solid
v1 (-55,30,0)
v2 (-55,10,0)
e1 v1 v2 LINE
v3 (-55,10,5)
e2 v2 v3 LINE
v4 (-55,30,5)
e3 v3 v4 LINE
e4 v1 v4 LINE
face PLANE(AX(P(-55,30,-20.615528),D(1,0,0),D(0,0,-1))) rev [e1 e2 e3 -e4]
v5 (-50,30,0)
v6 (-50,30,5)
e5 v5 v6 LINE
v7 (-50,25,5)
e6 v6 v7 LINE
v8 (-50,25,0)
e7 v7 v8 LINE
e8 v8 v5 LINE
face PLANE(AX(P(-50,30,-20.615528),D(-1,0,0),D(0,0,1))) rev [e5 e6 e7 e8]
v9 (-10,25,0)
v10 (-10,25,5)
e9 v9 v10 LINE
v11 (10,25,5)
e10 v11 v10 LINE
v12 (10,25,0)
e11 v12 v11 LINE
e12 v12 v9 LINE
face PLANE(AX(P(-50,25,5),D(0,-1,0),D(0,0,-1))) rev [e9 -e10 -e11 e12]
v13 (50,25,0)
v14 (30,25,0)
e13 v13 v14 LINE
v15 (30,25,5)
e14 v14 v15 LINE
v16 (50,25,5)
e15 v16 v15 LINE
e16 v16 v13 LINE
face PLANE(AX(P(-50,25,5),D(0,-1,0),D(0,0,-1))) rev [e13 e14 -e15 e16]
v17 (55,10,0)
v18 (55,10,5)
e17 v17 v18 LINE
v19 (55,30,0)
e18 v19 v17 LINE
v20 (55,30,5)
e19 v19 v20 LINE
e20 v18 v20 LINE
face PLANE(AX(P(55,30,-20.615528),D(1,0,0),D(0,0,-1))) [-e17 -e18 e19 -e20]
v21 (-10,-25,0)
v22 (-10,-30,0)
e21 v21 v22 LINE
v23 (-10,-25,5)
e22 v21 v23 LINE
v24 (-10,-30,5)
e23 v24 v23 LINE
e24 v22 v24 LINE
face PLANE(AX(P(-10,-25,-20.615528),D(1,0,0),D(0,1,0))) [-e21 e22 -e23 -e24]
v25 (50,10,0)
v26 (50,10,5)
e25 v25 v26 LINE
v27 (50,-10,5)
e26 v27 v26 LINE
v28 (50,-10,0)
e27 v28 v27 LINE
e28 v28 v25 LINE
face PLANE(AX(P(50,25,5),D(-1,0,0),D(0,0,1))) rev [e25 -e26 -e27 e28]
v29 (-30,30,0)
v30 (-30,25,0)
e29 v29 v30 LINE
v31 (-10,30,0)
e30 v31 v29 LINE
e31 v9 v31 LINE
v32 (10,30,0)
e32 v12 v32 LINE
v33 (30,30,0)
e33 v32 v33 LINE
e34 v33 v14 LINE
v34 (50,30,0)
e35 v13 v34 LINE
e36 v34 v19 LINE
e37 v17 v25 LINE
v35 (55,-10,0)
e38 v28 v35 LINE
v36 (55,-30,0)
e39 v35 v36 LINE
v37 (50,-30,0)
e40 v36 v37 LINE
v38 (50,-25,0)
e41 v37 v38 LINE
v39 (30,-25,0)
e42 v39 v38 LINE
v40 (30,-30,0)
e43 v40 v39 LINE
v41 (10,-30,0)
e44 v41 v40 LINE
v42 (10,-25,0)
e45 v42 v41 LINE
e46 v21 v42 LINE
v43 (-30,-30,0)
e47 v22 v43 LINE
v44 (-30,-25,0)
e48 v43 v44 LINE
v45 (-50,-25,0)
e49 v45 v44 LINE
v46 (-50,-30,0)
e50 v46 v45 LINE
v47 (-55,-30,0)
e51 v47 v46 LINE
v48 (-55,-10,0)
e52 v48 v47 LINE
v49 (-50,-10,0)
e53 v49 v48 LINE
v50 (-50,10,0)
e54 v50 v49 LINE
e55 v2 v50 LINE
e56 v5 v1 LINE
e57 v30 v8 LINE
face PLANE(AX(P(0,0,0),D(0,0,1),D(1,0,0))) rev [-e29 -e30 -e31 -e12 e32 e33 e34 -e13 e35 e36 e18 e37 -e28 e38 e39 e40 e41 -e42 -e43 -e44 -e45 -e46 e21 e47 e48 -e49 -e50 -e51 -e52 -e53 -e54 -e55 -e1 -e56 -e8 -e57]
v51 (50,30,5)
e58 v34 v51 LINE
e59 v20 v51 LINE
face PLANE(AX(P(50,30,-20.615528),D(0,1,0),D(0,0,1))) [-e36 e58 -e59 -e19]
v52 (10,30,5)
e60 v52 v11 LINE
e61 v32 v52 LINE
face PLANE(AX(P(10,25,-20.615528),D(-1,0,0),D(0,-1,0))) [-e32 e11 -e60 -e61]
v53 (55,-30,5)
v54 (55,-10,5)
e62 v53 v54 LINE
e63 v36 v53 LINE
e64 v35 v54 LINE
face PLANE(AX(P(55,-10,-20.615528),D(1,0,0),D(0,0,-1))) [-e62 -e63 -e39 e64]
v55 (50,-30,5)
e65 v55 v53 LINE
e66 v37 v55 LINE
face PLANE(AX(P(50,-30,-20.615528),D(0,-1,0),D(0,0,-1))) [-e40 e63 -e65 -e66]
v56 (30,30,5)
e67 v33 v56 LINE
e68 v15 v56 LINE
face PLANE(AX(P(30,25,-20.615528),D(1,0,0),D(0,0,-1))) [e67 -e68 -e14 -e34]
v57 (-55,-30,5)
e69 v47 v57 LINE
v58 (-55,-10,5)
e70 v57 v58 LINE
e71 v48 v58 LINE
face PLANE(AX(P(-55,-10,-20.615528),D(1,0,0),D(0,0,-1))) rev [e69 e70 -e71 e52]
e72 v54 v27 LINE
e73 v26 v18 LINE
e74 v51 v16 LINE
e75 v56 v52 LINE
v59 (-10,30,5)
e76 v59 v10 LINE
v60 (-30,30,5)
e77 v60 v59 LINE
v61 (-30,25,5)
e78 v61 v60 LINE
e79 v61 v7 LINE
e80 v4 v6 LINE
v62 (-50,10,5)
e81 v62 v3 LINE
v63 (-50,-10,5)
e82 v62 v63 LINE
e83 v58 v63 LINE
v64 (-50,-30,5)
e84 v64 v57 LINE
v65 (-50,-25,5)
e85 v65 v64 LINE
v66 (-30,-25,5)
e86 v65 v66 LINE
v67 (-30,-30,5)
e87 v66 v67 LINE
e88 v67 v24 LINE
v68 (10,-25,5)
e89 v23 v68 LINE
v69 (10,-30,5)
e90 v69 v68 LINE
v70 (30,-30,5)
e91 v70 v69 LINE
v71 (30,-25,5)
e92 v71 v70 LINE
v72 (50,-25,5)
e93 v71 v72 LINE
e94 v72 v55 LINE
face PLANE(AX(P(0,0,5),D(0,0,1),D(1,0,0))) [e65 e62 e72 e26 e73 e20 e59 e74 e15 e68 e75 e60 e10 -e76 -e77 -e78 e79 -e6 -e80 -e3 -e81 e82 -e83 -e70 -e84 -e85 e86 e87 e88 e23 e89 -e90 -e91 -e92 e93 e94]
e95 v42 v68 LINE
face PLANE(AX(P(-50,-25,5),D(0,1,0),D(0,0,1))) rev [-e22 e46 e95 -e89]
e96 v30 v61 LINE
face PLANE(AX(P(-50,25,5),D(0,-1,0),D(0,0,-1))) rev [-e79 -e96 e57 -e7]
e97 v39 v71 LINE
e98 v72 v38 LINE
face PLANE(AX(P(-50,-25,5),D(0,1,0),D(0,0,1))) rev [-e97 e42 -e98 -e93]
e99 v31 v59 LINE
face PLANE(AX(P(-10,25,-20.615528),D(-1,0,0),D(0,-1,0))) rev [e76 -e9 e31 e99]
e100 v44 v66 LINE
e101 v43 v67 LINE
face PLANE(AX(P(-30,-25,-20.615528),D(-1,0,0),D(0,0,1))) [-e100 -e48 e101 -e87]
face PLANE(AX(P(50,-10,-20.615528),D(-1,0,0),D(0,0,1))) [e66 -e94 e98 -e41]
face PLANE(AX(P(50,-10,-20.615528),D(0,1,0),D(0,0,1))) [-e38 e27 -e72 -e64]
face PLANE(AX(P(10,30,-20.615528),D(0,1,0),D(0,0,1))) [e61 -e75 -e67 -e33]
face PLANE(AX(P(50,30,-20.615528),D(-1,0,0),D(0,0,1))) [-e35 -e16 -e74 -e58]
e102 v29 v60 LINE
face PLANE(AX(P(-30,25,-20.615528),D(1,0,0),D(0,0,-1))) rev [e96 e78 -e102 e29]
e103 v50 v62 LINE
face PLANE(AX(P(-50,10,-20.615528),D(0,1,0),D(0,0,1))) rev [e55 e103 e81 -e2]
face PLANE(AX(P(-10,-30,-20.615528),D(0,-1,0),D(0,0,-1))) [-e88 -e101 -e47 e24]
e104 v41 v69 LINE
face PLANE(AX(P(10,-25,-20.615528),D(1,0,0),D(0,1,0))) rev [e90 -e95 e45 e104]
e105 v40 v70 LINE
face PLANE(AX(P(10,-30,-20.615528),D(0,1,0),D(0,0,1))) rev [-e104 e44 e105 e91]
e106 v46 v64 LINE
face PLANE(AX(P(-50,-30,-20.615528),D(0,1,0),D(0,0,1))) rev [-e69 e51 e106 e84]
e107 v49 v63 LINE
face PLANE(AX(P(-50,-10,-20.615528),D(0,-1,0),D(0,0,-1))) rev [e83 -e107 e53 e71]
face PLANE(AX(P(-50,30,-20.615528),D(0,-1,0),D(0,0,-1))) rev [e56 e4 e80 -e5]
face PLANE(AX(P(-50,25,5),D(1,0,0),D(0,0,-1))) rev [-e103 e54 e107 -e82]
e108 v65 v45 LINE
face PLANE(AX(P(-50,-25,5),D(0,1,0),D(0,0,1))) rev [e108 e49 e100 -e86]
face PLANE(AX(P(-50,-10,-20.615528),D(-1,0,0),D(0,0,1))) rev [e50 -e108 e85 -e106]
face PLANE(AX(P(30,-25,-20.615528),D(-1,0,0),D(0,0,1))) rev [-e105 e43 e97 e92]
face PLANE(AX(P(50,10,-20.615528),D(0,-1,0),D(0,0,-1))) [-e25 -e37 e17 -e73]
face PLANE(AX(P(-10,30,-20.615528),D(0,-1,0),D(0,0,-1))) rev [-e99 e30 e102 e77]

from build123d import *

# Parameters (mm, degrees)
SKETCH_1_W                       = 100
SKETCH_1_H                       = 50
EXTRUDE_1_DEPTH                  = 5
SKETCH_2_W                       = 5
SKETCH_2_H                       = 20
EXTRUDE_2_DEPTH                  = 5
SKETCH_3_W                       = 20
SKETCH_3_H                       = 5
EXTRUDE_3_DEPTH                  = 5
MIRROR_3_COPY_1_SKETCH_W         = 20
MIRROR_3_COPY_1_SKETCH_H         = 5
MIRROR_3_COPY_1_DEPTH            = 5
PATTERN_LINEAR_2_COUNT           = 2
PATTERN_LINEAR_2_PITCH           = 40
PATTERN_LINEAR_2_COPY_1_SKETCH_W = 5
PATTERN_LINEAR_2_COPY_1_SKETCH_H = 20
PATTERN_LINEAR_2_COPY_1_DEPTH    = 5


with BuildPart() as part:
    # 스케치1 → 보스-돌출1 (new body)
    with BuildSketch(Plane.XY):
        Rectangle(SKETCH_1_W, SKETCH_1_H)
    extrude(amount=EXTRUDE_1_DEPTH)

    # 스케치2 → 보스-돌출2 (add)
    with BuildSketch(Plane.XY.offset(5)):
        with Locations((52.5, -20)):
            Rectangle(SKETCH_2_W, SKETCH_2_H)
    extrude_2 = extrude(amount=-EXTRUDE_2_DEPTH)

    # 대칭 복사1: 보스-돌출2 across plane
    add(extrude_2.mirror(Plane(origin=(0, 0, 0), x_dir=(0, 0, 1), z_dir=(1, 0, 0))))

    # 스케치3 → 보스-돌출3 (add)
    with BuildSketch(Plane.XY.offset(5)):
        with Locations((20, 27.5)):
            Rectangle(SKETCH_3_W, SKETCH_3_H)
    extrude_3 = extrude(amount=-EXTRUDE_3_DEPTH)

    # 대칭 복사2: 보스-돌출3 across plane
    add(extrude_3.mirror(Plane(origin=(0, 0, 0), x_dir=(0, 0, 1), z_dir=(1, 0, 0))))

    # 대칭 복사3: 보스-돌출3 across plane
    add(extrude_3.mirror(Plane.ZX))

    # 대칭 복사3 copy 1 sketch → 대칭 복사3 copy 1 (add)
    with BuildSketch(Plane(origin=(0, 0, 5), x_dir=(-1, 0, 0), z_dir=(0, 0, 1))):
        with Locations((20, 27.5)):
            Rectangle(MIRROR_3_COPY_1_SKETCH_W, MIRROR_3_COPY_1_SKETCH_H)
    extrude(amount=-MIRROR_3_COPY_1_DEPTH)

    # 선형 패턴2: 보스-돌출2 ×2
    with Locations(*[(0, i * PATTERN_LINEAR_2_PITCH, 0) for i in range(1, PATTERN_LINEAR_2_COUNT)]):
        add(extrude_2)

    # 선형 패턴2 copy 1 sketch → 선형 패턴2 copy 1 (add)
    with BuildSketch(Plane(origin=(0, 40, 5), x_dir=(-1, 0, 0), z_dir=(0, 0, 1))):
        with Locations((52.5, 20)):
            Rectangle(PATTERN_LINEAR_2_COPY_1_SKETCH_W, PATTERN_LINEAR_2_COPY_1_SKETCH_H)
    extrude(amount=-PATTERN_LINEAR_2_COPY_1_DEPTH)


solid = part.part
